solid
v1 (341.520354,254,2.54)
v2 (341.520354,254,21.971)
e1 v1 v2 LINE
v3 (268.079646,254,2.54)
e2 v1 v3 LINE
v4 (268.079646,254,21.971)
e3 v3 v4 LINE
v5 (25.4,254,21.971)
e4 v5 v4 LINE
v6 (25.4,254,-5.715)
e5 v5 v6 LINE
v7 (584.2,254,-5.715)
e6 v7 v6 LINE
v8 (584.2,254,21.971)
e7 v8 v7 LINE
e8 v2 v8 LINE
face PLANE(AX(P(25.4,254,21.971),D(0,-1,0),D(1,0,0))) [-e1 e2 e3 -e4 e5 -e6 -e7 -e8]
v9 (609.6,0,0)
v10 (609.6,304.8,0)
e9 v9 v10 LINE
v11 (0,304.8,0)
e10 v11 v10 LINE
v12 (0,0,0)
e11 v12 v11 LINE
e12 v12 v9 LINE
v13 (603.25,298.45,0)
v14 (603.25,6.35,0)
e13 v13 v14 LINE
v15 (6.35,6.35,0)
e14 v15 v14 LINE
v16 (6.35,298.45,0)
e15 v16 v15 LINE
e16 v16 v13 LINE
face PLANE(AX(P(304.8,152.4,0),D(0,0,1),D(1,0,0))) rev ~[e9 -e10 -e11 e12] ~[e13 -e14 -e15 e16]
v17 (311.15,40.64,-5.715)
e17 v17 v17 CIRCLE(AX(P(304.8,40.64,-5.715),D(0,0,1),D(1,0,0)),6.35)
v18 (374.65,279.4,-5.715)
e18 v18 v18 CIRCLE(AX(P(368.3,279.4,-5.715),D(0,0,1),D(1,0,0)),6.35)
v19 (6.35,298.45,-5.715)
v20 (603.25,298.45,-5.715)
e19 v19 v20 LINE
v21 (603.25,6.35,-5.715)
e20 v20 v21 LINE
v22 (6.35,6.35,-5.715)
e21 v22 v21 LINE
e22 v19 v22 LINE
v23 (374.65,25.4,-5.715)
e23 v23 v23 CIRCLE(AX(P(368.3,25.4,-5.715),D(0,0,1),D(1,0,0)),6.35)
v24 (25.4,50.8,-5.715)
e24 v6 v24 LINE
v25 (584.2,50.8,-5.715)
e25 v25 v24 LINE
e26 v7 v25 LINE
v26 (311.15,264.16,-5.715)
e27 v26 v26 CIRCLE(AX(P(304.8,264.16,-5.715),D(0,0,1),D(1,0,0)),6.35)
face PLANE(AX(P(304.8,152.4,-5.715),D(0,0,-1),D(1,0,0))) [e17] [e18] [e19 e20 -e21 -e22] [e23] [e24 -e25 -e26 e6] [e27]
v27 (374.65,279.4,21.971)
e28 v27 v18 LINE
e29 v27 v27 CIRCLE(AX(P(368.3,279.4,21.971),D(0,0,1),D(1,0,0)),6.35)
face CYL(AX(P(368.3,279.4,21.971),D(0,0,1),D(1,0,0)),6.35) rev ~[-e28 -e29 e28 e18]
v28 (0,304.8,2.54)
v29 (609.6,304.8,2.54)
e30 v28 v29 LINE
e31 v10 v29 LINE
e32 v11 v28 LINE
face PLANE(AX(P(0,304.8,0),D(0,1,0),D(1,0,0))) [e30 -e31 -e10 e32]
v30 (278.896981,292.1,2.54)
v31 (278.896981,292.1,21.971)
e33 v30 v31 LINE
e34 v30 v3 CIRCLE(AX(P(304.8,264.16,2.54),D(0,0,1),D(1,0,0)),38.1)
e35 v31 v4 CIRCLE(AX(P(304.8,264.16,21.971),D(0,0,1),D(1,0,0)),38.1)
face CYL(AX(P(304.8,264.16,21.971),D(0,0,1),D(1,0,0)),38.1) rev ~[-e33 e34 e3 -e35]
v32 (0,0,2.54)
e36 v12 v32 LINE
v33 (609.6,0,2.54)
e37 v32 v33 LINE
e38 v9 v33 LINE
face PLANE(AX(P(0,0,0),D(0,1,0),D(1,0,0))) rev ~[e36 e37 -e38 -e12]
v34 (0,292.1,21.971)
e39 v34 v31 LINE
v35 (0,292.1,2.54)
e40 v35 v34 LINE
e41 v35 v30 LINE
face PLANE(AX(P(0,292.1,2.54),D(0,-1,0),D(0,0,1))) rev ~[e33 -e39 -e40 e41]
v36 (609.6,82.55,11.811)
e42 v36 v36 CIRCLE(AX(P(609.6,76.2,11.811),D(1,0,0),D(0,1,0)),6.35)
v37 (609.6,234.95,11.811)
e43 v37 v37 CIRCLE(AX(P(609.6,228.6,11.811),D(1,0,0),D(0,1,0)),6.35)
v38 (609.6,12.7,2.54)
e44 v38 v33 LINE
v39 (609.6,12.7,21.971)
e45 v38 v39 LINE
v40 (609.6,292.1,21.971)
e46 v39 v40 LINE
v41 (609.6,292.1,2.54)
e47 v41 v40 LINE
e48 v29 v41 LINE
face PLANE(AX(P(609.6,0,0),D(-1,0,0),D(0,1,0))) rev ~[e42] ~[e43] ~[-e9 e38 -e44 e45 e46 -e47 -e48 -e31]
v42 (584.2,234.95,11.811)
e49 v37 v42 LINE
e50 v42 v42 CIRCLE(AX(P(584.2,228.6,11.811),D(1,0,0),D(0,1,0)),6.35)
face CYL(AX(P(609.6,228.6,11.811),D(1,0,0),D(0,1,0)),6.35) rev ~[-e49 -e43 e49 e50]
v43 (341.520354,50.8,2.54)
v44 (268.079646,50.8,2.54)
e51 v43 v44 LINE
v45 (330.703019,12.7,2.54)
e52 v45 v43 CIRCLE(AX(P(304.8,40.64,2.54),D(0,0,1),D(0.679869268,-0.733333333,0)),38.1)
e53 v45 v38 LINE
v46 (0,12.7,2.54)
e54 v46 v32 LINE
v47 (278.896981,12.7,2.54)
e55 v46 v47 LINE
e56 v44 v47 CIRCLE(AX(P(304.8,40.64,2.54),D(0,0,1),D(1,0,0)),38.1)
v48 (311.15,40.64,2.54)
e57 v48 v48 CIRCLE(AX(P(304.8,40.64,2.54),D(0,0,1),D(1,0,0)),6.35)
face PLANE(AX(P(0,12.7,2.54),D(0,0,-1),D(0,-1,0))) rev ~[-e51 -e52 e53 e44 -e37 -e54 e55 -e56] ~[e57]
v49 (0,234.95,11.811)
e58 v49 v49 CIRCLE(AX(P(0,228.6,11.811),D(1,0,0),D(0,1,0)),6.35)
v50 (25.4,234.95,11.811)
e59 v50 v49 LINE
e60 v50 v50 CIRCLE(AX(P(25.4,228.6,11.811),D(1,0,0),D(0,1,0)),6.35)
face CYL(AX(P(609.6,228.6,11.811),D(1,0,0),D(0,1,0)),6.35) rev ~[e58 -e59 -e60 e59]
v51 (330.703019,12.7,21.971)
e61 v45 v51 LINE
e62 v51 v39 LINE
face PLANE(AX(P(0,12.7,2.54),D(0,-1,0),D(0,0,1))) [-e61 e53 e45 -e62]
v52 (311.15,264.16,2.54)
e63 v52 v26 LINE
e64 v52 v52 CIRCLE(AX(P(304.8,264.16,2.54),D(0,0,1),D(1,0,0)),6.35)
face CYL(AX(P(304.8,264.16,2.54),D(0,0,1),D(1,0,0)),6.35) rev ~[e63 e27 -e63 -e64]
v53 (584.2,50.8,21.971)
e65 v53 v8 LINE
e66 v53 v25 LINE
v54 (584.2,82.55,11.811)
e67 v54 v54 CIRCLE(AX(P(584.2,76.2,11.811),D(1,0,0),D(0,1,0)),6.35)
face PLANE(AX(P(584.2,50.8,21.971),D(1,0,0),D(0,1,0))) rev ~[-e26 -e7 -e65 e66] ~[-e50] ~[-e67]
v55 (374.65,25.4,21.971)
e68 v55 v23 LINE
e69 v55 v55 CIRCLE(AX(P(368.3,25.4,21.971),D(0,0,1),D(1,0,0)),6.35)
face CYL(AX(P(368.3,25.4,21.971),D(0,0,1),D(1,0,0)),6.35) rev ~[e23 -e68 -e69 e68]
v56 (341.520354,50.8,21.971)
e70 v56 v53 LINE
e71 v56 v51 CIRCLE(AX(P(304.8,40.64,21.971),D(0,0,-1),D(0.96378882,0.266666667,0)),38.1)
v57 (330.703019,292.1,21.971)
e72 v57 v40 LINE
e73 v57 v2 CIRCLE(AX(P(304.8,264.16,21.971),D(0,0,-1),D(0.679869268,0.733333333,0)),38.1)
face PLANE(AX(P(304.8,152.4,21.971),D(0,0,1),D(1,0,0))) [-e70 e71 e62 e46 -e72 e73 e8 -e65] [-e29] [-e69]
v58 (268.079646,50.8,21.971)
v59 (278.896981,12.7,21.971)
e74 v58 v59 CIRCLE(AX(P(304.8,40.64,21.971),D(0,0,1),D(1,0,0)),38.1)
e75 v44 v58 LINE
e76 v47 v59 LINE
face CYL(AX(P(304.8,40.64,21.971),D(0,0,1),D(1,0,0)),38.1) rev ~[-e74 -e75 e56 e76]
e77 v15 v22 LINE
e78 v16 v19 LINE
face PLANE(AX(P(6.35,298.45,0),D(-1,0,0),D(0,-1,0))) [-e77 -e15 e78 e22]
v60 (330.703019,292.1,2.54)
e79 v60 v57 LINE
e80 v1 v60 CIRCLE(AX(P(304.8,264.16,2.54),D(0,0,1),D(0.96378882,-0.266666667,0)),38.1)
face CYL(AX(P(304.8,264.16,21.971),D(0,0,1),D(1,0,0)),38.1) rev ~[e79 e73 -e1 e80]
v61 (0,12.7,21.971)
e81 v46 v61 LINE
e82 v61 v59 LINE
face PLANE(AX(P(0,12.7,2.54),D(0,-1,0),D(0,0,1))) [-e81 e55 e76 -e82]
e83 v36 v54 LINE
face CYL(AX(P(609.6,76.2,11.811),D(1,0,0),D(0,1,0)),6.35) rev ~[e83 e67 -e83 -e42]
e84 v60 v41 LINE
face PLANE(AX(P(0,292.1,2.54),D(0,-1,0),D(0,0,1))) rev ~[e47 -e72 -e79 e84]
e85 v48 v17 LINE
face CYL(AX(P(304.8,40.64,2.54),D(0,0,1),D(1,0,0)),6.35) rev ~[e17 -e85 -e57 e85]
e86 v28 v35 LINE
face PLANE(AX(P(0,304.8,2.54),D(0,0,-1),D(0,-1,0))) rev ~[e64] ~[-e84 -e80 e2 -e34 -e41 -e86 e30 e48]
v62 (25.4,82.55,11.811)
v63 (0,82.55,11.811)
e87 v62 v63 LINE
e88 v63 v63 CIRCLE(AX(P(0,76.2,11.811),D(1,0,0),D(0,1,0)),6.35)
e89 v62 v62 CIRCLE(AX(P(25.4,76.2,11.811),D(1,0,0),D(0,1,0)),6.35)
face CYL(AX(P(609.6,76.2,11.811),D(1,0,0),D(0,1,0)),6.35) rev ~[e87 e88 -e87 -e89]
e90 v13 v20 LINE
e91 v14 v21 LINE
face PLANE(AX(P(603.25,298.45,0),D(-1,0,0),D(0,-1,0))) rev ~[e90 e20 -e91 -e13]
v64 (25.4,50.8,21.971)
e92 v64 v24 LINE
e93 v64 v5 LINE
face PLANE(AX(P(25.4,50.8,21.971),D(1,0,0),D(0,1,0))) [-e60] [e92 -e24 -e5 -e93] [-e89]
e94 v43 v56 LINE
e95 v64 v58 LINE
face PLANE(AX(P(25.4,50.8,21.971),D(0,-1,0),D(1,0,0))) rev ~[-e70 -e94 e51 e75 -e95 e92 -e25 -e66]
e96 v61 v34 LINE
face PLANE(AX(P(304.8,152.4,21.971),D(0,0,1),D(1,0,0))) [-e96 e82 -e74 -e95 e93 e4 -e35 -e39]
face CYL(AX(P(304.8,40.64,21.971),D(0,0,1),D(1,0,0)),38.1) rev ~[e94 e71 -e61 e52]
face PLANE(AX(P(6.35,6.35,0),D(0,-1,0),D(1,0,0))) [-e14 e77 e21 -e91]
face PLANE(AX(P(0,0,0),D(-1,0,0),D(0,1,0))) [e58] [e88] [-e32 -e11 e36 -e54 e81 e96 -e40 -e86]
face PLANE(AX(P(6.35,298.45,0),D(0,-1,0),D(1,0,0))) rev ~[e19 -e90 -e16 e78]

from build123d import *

# Parameters (mm, degrees)
F0_W      = 609.6
F0_H      = 304.8
F1_DEPTH  = 21.971
F2_W      = 596.9
F2_H      = 292.1
F3_DEPTH  = 5.715
F5_W      = 558.8
F5_H      = 203.2
F6_DEPTH  = 27.687
F8_W      = 12.7
F8_H      = 19.431
F9_DEPTH  = 609.601
F10_R     = 38.1
F11_DEPTH = 19.431
F12_R     = 6.35
F13_DEPTH = 8.256
F14_R     = 6.35
F15_DEPTH = 609.601
F16_R     = 6.35
F17_DEPTH = 27.687


with BuildPart() as f1:
    # F0 (on Top) → F1 (new body)
    with BuildSketch(Plane.XY):
        with Locations((304.8, 152.4)):
            Rectangle(F0_W, F0_H)
    extrude(amount=F1_DEPTH)

    # F2 (on face) → F3 (join)
    with BuildSketch(Plane(origin=(0, 0, 0), x_dir=(1, 0, 0), z_dir=(0, 0, -1))):
        with Locations((304.8, -152.4)):
            Rectangle(F2_W, F2_H)
    extrude(amount=F3_DEPTH)

    # F5 (on face) → F6 (cut, through all)
    with BuildSketch(Plane.XY.offset(21.971)):
        with Locations((304.8, 152.4)):
            Rectangle(F5_W, F5_H)
    extrude(amount=-F6_DEPTH, mode=Mode.SUBTRACT)

    # F8 (on face) → F9 (cut, through all)
    with BuildSketch(Plane(origin=(0, 0, 0), x_dir=(0, -1, 0), z_dir=(-1, 0, 0))):
        with Locations((-298.45, 12.2555)):
            Rectangle(F8_W, F8_H)
        with Locations((-6.35, 12.2555)):
            Rectangle(F8_W, F8_H)
    extrude(amount=-F9_DEPTH, mode=Mode.SUBTRACT)

    # F10 (on face) → F11 (cut, through all)
    with BuildSketch(Plane.XY.offset(21.971)):
        with Locations((304.8, 40.64)):
            Circle(F10_R)
        with Locations((304.8, 264.16)):
            Circle(F10_R)
    extrude(amount=-F11_DEPTH, mode=Mode.SUBTRACT)

    # F12 (on face) → F13 (cut, through all)
    with BuildSketch(Plane.XY.offset(2.54)):
        with Locations((304.8, 264.16)):
            Circle(F12_R)
        with Locations((304.8, 40.64)):
            Circle(F12_R)
    extrude(amount=-F13_DEPTH, mode=Mode.SUBTRACT)

    # F14 (on face) → F15 (cut, through all)
    with BuildSketch(Plane.YZ.offset(609.6)):
        with Locations((228.6, 11.811)):
            Circle(F14_R)
        with Locations((76.2, 11.811)):
            Circle(F14_R)
    extrude(amount=-F15_DEPTH, mode=Mode.SUBTRACT)

    # F16 (on face) → F17 (cut, through all)
    with BuildSketch(Plane.XY.offset(21.971)):
        with Locations((368.3, 25.4)):
            Circle(F16_R)
        with Locations((368.3, 279.4)):
            Circle(F16_R)
    extrude(amount=-F17_DEPTH, mode=Mode.SUBTRACT)


solid = f1.part
